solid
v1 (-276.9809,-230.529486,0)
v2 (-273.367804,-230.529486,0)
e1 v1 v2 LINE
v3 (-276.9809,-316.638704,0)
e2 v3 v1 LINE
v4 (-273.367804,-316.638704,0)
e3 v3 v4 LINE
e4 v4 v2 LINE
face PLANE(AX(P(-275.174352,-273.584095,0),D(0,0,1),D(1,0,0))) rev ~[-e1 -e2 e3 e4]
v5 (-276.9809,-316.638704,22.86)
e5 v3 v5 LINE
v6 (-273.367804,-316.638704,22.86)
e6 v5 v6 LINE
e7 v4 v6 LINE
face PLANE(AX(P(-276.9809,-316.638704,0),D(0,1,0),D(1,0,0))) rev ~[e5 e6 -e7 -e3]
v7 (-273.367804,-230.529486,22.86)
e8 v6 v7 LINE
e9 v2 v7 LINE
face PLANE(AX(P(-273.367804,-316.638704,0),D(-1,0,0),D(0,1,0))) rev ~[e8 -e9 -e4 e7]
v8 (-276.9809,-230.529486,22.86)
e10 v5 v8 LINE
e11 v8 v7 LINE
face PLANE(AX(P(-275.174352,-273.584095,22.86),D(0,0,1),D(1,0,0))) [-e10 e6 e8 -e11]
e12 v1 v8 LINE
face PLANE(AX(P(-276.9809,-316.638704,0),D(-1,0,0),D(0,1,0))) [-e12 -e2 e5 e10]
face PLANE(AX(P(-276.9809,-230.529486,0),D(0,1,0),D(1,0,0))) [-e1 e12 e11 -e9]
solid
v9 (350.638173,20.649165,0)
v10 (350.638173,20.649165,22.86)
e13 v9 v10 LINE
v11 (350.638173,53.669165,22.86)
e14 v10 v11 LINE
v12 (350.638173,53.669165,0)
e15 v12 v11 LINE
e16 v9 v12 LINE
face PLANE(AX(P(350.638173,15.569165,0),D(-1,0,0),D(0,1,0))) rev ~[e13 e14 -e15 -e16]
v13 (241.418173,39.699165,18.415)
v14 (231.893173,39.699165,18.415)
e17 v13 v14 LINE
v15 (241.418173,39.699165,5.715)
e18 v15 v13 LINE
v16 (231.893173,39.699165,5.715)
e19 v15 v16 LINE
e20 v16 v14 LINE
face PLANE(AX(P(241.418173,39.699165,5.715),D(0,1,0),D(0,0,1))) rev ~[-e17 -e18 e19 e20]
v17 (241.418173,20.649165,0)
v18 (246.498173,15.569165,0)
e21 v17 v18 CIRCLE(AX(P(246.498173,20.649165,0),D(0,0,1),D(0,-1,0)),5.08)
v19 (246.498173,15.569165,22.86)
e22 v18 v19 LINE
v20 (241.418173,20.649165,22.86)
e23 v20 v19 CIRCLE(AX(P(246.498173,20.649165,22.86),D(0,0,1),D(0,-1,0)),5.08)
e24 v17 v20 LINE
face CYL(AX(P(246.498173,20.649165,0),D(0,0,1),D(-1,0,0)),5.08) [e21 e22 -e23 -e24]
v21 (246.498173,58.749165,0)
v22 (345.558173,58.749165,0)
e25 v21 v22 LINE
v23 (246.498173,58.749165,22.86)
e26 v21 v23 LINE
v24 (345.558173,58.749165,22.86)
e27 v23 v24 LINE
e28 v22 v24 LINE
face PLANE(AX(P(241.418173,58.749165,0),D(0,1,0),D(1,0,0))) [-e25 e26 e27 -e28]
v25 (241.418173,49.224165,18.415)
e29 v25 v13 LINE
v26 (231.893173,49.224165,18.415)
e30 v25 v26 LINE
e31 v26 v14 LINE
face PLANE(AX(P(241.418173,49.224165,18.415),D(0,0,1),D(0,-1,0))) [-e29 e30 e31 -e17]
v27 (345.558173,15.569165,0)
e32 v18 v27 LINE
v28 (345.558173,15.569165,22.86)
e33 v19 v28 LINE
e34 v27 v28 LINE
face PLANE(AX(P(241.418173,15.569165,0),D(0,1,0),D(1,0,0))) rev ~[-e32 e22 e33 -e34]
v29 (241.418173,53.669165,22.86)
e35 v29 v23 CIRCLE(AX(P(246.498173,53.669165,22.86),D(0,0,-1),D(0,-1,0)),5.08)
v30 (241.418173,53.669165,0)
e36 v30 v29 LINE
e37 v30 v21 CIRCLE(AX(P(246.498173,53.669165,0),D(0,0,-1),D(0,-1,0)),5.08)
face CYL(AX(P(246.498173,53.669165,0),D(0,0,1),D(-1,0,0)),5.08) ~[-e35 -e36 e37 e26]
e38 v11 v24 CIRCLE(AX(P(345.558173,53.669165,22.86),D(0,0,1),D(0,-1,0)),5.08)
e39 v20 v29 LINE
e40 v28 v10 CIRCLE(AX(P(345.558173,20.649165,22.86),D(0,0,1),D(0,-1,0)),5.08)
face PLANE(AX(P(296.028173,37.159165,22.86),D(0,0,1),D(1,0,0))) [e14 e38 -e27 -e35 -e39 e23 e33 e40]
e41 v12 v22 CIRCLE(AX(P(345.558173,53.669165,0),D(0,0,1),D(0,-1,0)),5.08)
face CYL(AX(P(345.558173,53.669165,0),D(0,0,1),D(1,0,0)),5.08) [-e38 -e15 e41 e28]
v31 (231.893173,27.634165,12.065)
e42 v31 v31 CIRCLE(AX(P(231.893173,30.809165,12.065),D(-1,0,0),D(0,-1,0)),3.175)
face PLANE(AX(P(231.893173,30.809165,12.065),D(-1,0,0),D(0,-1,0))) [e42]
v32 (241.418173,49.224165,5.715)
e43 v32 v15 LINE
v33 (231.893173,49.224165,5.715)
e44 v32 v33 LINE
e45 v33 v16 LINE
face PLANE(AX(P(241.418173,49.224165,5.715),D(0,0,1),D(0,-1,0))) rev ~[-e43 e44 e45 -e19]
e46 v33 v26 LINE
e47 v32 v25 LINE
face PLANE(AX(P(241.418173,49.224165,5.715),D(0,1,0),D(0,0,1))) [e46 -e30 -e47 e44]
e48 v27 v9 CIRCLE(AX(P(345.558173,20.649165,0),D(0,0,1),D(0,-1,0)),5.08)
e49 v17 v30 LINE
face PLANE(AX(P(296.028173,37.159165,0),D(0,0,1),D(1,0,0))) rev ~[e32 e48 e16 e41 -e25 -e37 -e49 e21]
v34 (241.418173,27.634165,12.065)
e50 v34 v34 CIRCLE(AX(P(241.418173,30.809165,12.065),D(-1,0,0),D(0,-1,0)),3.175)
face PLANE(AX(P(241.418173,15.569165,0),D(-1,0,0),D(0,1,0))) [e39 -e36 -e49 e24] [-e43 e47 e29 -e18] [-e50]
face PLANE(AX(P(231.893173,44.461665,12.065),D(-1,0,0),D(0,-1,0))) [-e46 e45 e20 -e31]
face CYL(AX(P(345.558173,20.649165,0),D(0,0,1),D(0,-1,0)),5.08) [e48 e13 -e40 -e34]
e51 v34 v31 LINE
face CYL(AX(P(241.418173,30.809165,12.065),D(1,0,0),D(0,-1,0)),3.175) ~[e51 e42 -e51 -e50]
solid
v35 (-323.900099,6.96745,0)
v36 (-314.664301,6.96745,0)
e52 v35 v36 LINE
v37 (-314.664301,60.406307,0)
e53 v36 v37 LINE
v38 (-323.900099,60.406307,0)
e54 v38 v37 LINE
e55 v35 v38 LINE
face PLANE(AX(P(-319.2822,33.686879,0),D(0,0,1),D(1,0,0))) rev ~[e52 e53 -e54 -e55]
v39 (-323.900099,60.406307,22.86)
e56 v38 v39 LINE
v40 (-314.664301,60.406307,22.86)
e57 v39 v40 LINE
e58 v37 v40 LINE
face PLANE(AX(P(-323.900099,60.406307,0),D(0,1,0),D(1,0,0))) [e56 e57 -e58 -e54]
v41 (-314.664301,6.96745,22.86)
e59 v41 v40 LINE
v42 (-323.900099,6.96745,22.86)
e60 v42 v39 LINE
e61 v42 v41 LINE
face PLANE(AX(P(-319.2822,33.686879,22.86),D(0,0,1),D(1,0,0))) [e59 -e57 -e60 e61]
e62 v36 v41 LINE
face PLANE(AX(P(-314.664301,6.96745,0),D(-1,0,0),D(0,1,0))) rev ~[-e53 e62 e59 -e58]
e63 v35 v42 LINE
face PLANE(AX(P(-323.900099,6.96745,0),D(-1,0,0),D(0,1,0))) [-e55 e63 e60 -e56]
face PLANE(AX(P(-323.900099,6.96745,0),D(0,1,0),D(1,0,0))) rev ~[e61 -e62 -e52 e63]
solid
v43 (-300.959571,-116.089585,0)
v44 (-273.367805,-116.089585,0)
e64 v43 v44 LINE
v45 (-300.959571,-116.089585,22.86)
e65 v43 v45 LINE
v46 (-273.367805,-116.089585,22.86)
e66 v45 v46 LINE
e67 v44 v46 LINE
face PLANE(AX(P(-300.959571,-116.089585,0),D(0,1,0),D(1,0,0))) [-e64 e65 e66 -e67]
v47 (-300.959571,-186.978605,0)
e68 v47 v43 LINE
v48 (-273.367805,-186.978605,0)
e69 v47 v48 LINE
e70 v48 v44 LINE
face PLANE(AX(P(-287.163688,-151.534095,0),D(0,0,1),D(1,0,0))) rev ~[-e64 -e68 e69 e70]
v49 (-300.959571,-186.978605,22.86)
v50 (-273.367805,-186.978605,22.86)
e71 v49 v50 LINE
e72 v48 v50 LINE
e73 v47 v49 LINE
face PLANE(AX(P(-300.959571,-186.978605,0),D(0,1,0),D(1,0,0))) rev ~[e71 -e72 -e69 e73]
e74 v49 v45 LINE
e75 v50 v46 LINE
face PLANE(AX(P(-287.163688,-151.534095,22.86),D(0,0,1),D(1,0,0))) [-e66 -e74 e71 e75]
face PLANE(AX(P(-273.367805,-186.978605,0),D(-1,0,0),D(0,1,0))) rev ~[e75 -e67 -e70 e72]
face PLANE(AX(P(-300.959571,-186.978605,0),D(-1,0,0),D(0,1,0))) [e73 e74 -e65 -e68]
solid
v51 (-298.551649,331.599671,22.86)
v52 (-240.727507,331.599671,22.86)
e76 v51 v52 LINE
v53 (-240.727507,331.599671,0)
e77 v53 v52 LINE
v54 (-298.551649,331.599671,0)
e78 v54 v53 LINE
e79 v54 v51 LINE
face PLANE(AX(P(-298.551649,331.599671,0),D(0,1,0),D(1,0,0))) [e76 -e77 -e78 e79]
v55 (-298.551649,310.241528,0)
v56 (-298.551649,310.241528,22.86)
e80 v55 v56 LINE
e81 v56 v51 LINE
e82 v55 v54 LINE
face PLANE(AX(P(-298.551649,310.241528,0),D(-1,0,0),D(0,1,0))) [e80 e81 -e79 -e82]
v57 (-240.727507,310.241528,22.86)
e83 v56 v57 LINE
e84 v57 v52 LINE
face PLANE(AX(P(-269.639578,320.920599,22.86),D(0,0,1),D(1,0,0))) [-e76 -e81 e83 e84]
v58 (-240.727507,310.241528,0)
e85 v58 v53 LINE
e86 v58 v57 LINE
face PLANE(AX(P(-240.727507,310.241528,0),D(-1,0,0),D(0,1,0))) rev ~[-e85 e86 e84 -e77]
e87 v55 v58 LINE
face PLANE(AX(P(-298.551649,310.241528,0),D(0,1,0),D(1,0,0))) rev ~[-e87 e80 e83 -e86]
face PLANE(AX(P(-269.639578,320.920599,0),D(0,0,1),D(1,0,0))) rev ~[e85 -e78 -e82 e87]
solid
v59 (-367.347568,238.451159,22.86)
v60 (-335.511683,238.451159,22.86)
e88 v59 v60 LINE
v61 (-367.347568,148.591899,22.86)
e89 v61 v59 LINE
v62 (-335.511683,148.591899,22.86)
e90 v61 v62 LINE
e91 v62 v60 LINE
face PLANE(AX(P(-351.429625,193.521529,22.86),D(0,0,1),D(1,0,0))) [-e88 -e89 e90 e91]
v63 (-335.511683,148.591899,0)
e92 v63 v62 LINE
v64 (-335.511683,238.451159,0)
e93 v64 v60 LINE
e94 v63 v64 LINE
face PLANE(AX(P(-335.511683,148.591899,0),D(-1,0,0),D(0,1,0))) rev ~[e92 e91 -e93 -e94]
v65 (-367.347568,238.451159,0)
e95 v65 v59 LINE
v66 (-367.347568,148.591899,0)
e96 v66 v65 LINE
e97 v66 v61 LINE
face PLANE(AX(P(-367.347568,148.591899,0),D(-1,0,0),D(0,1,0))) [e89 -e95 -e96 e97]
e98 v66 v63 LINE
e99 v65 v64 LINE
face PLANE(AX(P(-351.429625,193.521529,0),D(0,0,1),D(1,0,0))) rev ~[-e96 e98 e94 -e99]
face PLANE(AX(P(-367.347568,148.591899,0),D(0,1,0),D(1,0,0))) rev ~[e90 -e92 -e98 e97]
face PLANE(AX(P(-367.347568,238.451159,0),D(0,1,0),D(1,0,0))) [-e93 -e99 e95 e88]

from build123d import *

# Parameters (mm, degrees)
F0_W     = 3.613095
F0_H     = 86.109218
F0_W_2   = 27.591766
F0_H_2   = 70.88902
F0_W_3   = 9.235798
F0_H_3   = 53.438857
F0_W_4   = 31.835885
F0_H_4   = 89.859261
F0_W_5   = 57.824143
F0_H_5   = 21.358143
F0_W_6   = 109.22
F0_H_6   = 43.18
F1_DEPTH = 22.86
F2_R     = 5.08
F3_W     = 9.525
F3_H     = 12.7
F3_R     = 3.175
F4_DEPTH = 9.525


with BuildPart() as f1:
    # F0 (on Top) → F1 (new body)
    with BuildSketch(Plane.XY):
        with Locations((-275.174352, -273.584095)):
            Rectangle(F0_W, F0_H)
        with Locations((-287.163688, -151.534095)):
            Rectangle(F0_W_2, F0_H_2)
        with Locations((-319.2822, 33.686879)):
            Rectangle(F0_W_3, F0_H_3)
        with Locations((-351.429625, 193.521529)):
            Rectangle(F0_W_4, F0_H_4)
        with Locations((-269.639578, 320.920599)):
            Rectangle(F0_W_5, F0_H_5)
        with Locations((296.028173, 37.159165)):
            Rectangle(F0_W_6, F0_H_6)
    extrude(amount=F1_DEPTH)

    # F2
    f2_edges = [f1.edges().sort_by_distance(p)[0] for p in [
        (350.638173, 15.569165, 11.43),
        (350.638173, 58.749165, 11.43),
        (241.418173, 15.569165, 11.43),
        (241.418173, 58.749165, 11.43),
    ]]
    fillet(f2_edges, radius=F2_R)

    # F3 (on face) → F4 (join)
    with BuildSketch(Plane(origin=(241.418173, 0, 0), x_dir=(0, -1, 0), z_dir=(-1, 0, 0))):
        with Locations((-44.461665, 12.065)):
            Rectangle(F3_W, F3_H)
        with Locations((-30.809165, 12.065)):
            Circle(F3_R)
    extrude(amount=F4_DEPTH)


solid = f1.part
